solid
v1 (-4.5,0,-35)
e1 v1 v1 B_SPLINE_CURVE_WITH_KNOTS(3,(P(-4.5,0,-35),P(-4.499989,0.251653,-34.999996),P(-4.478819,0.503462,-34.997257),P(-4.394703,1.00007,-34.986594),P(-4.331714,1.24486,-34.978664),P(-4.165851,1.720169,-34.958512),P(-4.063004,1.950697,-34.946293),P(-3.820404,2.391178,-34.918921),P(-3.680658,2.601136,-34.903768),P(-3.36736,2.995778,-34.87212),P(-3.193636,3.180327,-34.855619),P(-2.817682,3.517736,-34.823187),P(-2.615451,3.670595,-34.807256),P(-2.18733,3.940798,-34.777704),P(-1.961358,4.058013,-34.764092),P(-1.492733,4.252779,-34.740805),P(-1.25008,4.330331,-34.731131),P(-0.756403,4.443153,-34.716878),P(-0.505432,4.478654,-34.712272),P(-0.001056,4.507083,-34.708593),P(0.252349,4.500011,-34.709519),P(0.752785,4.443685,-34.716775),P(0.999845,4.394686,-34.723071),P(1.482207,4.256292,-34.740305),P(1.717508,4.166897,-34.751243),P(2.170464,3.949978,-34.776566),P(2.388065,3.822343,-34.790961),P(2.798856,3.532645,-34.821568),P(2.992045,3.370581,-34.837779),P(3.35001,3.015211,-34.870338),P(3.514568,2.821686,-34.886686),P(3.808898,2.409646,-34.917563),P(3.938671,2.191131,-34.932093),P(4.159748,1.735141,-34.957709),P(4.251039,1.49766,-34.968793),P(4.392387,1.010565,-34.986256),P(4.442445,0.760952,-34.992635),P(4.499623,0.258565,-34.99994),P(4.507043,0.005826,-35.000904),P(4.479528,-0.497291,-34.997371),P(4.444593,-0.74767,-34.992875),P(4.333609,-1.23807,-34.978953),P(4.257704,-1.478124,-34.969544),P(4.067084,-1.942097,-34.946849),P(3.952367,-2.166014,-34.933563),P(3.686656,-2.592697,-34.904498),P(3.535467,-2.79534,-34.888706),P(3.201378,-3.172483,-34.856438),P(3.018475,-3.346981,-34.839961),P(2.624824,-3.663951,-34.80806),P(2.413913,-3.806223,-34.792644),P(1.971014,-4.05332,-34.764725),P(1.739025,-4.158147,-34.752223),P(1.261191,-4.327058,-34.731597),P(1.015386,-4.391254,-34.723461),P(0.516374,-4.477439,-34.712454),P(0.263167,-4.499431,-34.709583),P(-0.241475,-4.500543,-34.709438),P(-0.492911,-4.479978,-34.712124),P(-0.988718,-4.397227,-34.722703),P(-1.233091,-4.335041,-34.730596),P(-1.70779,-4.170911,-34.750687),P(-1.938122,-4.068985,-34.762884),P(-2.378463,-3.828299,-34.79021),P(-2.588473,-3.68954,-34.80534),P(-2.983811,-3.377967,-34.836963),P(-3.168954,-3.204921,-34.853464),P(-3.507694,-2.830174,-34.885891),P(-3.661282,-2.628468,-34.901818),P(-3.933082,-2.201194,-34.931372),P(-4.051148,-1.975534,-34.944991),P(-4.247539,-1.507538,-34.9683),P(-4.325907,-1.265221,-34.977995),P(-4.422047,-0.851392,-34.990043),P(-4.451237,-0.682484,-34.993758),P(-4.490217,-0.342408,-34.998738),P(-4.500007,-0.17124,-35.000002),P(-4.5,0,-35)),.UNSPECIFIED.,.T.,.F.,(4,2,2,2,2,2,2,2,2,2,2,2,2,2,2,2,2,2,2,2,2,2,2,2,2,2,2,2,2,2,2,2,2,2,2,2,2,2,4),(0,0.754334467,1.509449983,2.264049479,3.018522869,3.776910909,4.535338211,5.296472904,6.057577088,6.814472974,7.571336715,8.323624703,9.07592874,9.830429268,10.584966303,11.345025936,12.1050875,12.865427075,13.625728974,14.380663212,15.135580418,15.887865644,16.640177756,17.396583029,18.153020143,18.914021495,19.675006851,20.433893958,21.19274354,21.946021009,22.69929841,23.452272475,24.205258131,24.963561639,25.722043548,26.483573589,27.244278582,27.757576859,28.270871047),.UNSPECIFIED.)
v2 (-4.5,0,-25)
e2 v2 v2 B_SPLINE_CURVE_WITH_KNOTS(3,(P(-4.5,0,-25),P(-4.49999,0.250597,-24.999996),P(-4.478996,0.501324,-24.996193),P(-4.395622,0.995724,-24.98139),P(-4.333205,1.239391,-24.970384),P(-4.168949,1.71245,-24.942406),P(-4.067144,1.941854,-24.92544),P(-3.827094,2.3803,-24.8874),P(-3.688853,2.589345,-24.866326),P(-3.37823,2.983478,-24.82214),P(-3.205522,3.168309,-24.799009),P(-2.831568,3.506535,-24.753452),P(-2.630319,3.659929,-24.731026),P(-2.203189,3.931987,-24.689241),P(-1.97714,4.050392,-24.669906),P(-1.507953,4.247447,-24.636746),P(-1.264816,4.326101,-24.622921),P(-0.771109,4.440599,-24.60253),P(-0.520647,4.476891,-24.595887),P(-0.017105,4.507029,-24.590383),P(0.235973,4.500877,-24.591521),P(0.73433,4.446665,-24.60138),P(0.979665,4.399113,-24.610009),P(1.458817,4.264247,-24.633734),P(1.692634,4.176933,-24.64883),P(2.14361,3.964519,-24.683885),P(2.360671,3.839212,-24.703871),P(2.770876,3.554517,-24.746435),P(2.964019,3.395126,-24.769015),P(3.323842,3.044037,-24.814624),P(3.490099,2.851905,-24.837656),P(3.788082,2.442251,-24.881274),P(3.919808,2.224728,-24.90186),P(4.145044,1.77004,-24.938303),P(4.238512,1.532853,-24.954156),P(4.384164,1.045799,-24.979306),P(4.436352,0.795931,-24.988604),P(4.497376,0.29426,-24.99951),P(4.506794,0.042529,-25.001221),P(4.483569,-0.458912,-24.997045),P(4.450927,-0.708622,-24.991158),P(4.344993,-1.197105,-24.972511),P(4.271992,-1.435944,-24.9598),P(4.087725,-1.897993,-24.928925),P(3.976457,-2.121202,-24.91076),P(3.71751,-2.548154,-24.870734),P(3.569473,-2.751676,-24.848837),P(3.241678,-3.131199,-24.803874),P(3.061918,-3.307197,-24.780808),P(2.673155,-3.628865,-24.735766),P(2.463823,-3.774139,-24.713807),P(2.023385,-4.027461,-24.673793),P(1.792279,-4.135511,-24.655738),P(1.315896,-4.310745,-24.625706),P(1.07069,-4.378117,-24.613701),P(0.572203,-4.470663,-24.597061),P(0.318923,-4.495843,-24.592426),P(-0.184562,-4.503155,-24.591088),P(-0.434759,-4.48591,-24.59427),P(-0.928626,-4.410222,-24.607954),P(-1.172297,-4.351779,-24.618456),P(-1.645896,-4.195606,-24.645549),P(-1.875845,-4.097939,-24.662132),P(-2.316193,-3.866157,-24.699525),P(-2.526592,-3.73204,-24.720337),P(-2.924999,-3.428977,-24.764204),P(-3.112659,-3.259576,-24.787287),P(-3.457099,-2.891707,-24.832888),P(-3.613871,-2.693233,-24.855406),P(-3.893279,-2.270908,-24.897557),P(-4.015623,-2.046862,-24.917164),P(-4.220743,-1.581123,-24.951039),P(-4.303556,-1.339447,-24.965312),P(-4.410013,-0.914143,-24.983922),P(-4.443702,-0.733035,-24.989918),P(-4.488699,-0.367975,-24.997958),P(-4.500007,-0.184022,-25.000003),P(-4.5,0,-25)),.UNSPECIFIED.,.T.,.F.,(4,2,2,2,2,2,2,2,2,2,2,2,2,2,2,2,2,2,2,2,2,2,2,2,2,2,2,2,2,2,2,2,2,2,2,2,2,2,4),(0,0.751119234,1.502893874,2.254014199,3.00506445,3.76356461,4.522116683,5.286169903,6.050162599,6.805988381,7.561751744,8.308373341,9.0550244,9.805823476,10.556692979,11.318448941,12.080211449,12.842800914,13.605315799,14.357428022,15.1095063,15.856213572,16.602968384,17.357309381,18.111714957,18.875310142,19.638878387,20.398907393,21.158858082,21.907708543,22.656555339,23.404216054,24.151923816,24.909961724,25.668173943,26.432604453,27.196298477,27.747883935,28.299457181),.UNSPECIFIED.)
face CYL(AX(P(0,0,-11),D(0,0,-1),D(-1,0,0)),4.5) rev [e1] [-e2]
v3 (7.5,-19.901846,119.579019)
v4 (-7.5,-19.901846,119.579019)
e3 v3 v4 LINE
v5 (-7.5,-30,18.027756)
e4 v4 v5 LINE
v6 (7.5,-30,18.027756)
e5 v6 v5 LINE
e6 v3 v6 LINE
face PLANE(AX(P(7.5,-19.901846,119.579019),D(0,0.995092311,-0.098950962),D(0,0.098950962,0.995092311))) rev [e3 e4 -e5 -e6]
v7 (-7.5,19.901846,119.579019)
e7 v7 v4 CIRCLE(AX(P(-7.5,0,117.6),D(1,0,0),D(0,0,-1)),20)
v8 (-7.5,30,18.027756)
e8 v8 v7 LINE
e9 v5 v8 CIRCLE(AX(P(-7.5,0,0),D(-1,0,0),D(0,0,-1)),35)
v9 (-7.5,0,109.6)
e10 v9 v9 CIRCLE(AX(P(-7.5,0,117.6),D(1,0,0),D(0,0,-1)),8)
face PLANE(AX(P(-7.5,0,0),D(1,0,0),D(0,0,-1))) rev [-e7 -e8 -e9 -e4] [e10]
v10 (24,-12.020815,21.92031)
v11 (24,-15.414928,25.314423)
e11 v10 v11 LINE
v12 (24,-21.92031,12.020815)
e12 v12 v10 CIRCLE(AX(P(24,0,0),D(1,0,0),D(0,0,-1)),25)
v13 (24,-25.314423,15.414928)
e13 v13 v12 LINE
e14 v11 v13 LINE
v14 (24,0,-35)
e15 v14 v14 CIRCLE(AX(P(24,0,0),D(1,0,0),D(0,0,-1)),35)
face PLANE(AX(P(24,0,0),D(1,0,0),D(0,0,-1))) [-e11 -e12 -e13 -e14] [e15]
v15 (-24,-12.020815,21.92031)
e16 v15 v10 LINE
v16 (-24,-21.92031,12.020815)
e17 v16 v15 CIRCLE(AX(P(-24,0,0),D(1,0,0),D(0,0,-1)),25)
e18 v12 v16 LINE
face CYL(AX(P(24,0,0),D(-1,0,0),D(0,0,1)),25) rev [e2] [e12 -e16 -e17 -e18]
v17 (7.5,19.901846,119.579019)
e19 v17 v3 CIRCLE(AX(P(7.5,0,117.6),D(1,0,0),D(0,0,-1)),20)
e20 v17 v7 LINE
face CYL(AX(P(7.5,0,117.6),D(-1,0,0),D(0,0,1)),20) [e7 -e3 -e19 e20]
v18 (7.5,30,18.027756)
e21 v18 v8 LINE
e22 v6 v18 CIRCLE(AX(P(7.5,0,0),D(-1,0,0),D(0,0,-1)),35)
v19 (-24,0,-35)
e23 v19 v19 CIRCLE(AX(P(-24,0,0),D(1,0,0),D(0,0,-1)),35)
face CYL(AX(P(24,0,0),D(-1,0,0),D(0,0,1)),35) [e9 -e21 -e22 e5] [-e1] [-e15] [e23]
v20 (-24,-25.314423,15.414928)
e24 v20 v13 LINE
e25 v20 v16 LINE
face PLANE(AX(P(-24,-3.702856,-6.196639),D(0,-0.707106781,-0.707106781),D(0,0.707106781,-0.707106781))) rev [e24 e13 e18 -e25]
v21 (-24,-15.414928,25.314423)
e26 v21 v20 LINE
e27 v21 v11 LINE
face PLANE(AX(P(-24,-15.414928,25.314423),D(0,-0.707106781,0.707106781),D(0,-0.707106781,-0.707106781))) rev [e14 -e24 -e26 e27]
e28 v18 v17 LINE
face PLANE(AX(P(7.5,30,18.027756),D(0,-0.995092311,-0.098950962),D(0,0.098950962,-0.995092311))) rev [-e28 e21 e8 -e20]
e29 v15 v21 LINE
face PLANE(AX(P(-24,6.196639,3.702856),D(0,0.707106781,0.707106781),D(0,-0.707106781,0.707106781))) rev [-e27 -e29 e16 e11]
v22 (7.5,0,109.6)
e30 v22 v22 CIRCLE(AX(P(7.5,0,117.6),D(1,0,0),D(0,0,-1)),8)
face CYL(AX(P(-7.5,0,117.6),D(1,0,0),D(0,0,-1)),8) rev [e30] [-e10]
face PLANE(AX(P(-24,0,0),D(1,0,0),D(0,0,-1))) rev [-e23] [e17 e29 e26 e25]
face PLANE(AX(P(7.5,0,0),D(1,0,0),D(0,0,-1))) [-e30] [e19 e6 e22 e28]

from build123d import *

# Parameters (mm, degrees)
SKETCH1_R           = 35
SKETCH1_R_2         = 25
BOSS_EXTRUDE1_DEPTH = 24
BOSS_EXTRUDE2_DEPTH = 7.5
SKETCH3_R           = 8
CUT_EXTRUDE1_DEPTH  = 15
CUT_EXTRUDE2_DEPTH  = 150.875815261
SKETCH6_R           = 4.5
CUT_EXTRUDE3_DEPTH  = 24


with BuildPart() as part:
    # Sketch1 → Boss-Extrude1 (new, symmetric)
    with BuildSketch(Plane(origin=(0, 0, 0), x_dir=(0, 0, -1), z_dir=(1, 0, 0))):
        Circle(SKETCH1_R)
        Circle(SKETCH1_R_2, mode=Mode.SUBTRACT)
    extrude(amount=BOSS_EXTRUDE1_DEPTH, both=True)

    # Sketch2 → Boss-Extrude2 (add, symmetric)
    with BuildSketch(Plane(origin=(0, 0, 0), x_dir=(0, 0, -1), z_dir=(1, 0, 0))):
        with BuildLine():
            Line((-18.027756377, 30), (-119.579019246, 19.901846216))
            ThreePointArc((-119.579019246, 19.901846216), (-137.6, 0), (-119.579019246, -19.901846216))
            Line((-119.579019246, -19.901846216), (-18.027756377, -30))
            ThreePointArc((-18.027756377, -30), (-35, 0), (-18.027756377, 30))
        make_face()
    extrude(amount=BOSS_EXTRUDE2_DEPTH, both=True)

    # Sketch3 → Cut-Extrude1 (cut)
    with BuildSketch(Plane(origin=(7.5, 0, 0), x_dir=(0, 0, -1), z_dir=(1, 0, 0))):
        with Locations((-117.6, 0)):
            Circle(SKETCH3_R)
    extrude(amount=-CUT_EXTRUDE1_DEPTH, mode=Mode.SUBTRACT)

    # Sketch5 → Cut-Extrude2 (cut, through all)
    with BuildSketch(Plane(origin=(24, 0, 0), x_dir=(0, 0, -1), z_dir=(1, 0, 0))):
        Polygon((-3.702856162, 6.196638775), (-25.314422766, -15.41492783), (-15.41492783, -25.314422766), (6.196638775, -3.702856162), align=None)
    extrude(amount=-CUT_EXTRUDE2_DEPTH, mode=Mode.SUBTRACT)

    # Sketch6 → Cut-Extrude3 (cut)
    with BuildSketch(Plane.XY.offset(-35)):
        with Locations(Location((0, 0, 0), (0, 0, 180))):
            Circle(SKETCH6_R)
    extrude(amount=CUT_EXTRUDE3_DEPTH, mode=Mode.SUBTRACT)


solid = part.part
